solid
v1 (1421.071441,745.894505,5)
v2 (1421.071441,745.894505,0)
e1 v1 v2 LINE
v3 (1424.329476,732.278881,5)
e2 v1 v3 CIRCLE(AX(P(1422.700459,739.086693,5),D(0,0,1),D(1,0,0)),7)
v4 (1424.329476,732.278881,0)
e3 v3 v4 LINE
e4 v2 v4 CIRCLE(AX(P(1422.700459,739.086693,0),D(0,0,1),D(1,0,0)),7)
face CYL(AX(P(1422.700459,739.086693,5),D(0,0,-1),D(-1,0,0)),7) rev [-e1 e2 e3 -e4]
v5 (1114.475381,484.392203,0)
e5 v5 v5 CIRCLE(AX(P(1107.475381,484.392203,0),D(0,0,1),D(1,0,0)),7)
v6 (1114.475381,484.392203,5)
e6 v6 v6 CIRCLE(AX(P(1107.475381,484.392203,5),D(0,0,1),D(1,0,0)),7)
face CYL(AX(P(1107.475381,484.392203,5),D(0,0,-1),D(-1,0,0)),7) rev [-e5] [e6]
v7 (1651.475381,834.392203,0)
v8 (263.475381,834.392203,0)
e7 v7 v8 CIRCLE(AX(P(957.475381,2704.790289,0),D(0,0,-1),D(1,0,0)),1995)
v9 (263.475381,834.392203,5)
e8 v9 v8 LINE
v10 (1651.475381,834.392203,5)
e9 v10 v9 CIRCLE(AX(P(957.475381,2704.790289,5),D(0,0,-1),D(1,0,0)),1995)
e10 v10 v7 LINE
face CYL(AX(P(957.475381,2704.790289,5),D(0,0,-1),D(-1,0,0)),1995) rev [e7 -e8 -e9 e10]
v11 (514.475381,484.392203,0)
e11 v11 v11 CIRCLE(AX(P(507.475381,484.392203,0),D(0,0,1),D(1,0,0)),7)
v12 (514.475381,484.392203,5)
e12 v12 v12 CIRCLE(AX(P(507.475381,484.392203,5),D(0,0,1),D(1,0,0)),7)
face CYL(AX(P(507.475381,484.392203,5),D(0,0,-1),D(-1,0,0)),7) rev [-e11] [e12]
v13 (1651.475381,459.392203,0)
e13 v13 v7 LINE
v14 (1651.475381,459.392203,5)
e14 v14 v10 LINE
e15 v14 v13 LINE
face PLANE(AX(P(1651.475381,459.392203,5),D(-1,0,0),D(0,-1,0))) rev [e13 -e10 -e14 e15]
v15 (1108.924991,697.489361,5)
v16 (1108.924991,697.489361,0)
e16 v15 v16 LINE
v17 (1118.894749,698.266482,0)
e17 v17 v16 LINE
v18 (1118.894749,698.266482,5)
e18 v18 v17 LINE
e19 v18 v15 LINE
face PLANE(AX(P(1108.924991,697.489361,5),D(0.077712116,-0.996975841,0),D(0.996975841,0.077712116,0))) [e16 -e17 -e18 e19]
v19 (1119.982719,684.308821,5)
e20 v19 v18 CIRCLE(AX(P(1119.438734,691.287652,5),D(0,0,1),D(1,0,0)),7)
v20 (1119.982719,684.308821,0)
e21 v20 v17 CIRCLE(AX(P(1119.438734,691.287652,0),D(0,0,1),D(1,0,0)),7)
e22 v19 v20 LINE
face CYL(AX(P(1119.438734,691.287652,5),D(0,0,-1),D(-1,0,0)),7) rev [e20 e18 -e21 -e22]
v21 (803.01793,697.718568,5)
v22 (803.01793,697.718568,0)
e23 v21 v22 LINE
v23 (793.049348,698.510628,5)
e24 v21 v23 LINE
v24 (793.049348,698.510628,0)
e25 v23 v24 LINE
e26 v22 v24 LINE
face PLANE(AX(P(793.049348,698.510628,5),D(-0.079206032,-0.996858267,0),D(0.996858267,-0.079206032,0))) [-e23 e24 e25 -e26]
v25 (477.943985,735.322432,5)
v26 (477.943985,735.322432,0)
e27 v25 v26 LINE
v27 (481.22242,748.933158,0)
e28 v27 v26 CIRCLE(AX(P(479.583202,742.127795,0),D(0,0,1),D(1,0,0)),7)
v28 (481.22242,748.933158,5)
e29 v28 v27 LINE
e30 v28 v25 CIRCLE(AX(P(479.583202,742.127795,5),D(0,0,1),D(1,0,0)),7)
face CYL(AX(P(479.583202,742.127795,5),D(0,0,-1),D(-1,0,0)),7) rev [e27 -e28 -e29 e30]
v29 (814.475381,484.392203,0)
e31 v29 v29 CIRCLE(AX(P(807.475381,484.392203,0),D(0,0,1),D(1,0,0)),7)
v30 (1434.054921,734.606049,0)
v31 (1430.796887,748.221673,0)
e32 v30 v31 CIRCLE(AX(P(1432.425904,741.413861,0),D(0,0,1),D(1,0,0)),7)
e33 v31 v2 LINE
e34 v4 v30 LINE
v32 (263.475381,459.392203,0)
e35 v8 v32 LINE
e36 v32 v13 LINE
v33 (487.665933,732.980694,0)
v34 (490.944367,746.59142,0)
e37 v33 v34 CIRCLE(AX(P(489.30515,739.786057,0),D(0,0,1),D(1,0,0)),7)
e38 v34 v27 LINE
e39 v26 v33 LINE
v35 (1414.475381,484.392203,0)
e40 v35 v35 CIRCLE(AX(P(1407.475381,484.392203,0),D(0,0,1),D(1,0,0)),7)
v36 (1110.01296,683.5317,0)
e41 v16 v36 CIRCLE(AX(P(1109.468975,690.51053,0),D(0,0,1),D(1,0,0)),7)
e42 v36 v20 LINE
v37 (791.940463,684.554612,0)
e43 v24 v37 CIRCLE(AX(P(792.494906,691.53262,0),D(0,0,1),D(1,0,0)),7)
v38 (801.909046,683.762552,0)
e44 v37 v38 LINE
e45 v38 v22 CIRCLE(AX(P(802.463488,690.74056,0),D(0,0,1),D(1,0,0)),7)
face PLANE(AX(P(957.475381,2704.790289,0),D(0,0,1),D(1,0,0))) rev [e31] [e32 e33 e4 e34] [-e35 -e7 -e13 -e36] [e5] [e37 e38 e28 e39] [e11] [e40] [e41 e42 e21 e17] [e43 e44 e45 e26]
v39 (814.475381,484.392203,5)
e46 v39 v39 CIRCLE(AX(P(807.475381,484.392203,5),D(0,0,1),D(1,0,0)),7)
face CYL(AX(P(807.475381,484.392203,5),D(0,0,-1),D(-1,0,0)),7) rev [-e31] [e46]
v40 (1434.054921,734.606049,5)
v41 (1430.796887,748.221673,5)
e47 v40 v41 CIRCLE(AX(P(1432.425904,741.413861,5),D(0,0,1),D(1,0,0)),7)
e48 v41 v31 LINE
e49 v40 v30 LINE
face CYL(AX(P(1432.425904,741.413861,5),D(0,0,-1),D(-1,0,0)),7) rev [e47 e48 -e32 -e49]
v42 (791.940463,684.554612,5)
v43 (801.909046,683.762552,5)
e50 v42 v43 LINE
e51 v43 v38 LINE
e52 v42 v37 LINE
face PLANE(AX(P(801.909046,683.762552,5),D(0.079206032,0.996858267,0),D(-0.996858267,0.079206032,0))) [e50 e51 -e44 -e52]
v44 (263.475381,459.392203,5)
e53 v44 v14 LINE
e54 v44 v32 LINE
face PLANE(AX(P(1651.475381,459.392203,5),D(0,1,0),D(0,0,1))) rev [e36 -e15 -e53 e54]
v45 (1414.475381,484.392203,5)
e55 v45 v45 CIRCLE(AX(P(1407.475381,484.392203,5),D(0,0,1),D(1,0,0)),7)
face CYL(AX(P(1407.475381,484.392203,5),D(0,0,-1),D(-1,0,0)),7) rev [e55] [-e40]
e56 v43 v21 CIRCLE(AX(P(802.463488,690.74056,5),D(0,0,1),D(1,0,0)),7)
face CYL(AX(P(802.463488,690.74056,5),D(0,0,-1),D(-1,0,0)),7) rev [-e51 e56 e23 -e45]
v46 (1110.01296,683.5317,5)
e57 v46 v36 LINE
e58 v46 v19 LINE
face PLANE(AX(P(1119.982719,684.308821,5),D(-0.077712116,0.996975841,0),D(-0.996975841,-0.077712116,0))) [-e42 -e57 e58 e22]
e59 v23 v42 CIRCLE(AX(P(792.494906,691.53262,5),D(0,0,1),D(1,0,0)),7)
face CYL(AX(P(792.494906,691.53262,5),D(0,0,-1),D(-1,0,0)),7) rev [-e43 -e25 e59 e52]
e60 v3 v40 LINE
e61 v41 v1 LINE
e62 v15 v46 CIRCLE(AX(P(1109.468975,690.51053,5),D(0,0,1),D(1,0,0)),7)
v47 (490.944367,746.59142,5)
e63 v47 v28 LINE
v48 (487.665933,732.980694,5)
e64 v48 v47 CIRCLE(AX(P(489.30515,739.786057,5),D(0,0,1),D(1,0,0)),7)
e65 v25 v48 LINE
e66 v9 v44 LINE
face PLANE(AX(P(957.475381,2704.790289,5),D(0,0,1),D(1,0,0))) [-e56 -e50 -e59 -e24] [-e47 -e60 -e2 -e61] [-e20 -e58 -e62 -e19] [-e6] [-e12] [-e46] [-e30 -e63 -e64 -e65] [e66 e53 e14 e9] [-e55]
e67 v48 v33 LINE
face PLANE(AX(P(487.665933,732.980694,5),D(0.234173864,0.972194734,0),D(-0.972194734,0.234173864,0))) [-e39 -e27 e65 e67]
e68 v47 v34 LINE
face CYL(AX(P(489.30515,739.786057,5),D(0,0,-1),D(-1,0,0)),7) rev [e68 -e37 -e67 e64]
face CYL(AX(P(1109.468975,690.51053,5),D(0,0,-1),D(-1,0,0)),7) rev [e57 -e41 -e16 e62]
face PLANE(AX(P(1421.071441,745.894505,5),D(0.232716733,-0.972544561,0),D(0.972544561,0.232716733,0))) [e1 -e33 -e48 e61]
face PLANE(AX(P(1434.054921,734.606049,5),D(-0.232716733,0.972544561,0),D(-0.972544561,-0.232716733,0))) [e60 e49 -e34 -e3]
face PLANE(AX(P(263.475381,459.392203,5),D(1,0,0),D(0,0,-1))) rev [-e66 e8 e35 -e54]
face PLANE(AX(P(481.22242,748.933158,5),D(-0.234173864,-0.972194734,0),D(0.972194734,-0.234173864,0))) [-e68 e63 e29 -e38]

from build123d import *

# Parameters (mm, degrees)
SKETCH1_R           = 7
BOSS_EXTRUDE1_DEPTH = 5


with BuildPart() as part:
    # Sketch1 → Boss-Extrude1 (new body)
    with BuildSketch(Plane.XY):
        with BuildLine():
            Line((1651.475381164, 459.392203427), (263.475381164, 459.392203427))
            Line((263.475381164, 459.392203427), (263.475381164, 834.392203427))
            ThreePointArc((263.475381164, 834.392203427), (957.475381164, 709.790289397), (1651.475381164, 834.392203427))
            Line((1651.475381164, 834.392203427), (1651.475381164, 459.392203427))
        make_face()
        with Locations((507.475381164, 484.392203427)):
            Circle(SKETCH1_R, mode=Mode.SUBTRACT)
        with Locations((807.475381164, 484.392203427)):
            Circle(SKETCH1_R, mode=Mode.SUBTRACT)
        with Locations((1107.475381164, 484.392203427)):
            Circle(SKETCH1_R, mode=Mode.SUBTRACT)
        with Locations((1407.475381164, 484.392203427)):
            Circle(SKETCH1_R, mode=Mode.SUBTRACT)
        with BuildLine():
            Line((1434.054921304, 734.606048794), (1424.329475699, 732.278881466))
            ThreePointArc((1424.329475699, 732.278881466), (1415.892646645, 737.457676261), (1421.07144144, 745.894505314))
            Line((1421.07144144, 745.894505314), (1430.796887045, 748.221672642))
            ThreePointArc((1430.796887045, 748.221672642), (1439.233716099, 743.042877847), (1434.054921304, 734.606048794))
        make_face(mode=Mode.SUBTRACT)
        with BuildLine():
            Line((1119.982718617, 684.308820718), (1110.01296021, 683.531699563))
            ThreePointArc((1110.01296021, 683.531699563), (1102.490144515, 689.966545639), (1108.924990592, 697.489361333))
            Line((1108.924990592, 697.489361333), (1118.894748999, 698.266482489))
            ThreePointArc((1118.894748999, 698.266482489), (1126.417564694, 691.831636413), (1119.982718617, 684.308820718))
        make_face(mode=Mode.SUBTRACT)
        with BuildLine():
            Line((801.909045951, 683.762551995), (791.940463281, 684.554612313))
            ThreePointArc((791.940463281, 684.554612313), (785.516897635, 692.087062405), (793.049347727, 698.510628051))
            Line((793.049347727, 698.510628051), (803.017930397, 697.718567733))
            ThreePointArc((803.017930397, 697.718567733), (809.441496043, 690.186117641), (801.909045951, 683.762551995))
        make_face(mode=Mode.SUBTRACT)
        with BuildLine():
            Line((487.665932753, 732.980693573), (477.94398541, 735.322432212))
            ThreePointArc((477.94398541, 735.322432212), (472.777839317, 743.767012399), (481.222419504, 748.933158492))
            Line((481.222419504, 748.933158492), (490.944366848, 746.591419854))
            ThreePointArc((490.944366848, 746.591419854), (496.110512941, 738.146839666), (487.665932753, 732.980693573))
        make_face(mode=Mode.SUBTRACT)
    extrude(amount=BOSS_EXTRUDE1_DEPTH)


solid = part.part
